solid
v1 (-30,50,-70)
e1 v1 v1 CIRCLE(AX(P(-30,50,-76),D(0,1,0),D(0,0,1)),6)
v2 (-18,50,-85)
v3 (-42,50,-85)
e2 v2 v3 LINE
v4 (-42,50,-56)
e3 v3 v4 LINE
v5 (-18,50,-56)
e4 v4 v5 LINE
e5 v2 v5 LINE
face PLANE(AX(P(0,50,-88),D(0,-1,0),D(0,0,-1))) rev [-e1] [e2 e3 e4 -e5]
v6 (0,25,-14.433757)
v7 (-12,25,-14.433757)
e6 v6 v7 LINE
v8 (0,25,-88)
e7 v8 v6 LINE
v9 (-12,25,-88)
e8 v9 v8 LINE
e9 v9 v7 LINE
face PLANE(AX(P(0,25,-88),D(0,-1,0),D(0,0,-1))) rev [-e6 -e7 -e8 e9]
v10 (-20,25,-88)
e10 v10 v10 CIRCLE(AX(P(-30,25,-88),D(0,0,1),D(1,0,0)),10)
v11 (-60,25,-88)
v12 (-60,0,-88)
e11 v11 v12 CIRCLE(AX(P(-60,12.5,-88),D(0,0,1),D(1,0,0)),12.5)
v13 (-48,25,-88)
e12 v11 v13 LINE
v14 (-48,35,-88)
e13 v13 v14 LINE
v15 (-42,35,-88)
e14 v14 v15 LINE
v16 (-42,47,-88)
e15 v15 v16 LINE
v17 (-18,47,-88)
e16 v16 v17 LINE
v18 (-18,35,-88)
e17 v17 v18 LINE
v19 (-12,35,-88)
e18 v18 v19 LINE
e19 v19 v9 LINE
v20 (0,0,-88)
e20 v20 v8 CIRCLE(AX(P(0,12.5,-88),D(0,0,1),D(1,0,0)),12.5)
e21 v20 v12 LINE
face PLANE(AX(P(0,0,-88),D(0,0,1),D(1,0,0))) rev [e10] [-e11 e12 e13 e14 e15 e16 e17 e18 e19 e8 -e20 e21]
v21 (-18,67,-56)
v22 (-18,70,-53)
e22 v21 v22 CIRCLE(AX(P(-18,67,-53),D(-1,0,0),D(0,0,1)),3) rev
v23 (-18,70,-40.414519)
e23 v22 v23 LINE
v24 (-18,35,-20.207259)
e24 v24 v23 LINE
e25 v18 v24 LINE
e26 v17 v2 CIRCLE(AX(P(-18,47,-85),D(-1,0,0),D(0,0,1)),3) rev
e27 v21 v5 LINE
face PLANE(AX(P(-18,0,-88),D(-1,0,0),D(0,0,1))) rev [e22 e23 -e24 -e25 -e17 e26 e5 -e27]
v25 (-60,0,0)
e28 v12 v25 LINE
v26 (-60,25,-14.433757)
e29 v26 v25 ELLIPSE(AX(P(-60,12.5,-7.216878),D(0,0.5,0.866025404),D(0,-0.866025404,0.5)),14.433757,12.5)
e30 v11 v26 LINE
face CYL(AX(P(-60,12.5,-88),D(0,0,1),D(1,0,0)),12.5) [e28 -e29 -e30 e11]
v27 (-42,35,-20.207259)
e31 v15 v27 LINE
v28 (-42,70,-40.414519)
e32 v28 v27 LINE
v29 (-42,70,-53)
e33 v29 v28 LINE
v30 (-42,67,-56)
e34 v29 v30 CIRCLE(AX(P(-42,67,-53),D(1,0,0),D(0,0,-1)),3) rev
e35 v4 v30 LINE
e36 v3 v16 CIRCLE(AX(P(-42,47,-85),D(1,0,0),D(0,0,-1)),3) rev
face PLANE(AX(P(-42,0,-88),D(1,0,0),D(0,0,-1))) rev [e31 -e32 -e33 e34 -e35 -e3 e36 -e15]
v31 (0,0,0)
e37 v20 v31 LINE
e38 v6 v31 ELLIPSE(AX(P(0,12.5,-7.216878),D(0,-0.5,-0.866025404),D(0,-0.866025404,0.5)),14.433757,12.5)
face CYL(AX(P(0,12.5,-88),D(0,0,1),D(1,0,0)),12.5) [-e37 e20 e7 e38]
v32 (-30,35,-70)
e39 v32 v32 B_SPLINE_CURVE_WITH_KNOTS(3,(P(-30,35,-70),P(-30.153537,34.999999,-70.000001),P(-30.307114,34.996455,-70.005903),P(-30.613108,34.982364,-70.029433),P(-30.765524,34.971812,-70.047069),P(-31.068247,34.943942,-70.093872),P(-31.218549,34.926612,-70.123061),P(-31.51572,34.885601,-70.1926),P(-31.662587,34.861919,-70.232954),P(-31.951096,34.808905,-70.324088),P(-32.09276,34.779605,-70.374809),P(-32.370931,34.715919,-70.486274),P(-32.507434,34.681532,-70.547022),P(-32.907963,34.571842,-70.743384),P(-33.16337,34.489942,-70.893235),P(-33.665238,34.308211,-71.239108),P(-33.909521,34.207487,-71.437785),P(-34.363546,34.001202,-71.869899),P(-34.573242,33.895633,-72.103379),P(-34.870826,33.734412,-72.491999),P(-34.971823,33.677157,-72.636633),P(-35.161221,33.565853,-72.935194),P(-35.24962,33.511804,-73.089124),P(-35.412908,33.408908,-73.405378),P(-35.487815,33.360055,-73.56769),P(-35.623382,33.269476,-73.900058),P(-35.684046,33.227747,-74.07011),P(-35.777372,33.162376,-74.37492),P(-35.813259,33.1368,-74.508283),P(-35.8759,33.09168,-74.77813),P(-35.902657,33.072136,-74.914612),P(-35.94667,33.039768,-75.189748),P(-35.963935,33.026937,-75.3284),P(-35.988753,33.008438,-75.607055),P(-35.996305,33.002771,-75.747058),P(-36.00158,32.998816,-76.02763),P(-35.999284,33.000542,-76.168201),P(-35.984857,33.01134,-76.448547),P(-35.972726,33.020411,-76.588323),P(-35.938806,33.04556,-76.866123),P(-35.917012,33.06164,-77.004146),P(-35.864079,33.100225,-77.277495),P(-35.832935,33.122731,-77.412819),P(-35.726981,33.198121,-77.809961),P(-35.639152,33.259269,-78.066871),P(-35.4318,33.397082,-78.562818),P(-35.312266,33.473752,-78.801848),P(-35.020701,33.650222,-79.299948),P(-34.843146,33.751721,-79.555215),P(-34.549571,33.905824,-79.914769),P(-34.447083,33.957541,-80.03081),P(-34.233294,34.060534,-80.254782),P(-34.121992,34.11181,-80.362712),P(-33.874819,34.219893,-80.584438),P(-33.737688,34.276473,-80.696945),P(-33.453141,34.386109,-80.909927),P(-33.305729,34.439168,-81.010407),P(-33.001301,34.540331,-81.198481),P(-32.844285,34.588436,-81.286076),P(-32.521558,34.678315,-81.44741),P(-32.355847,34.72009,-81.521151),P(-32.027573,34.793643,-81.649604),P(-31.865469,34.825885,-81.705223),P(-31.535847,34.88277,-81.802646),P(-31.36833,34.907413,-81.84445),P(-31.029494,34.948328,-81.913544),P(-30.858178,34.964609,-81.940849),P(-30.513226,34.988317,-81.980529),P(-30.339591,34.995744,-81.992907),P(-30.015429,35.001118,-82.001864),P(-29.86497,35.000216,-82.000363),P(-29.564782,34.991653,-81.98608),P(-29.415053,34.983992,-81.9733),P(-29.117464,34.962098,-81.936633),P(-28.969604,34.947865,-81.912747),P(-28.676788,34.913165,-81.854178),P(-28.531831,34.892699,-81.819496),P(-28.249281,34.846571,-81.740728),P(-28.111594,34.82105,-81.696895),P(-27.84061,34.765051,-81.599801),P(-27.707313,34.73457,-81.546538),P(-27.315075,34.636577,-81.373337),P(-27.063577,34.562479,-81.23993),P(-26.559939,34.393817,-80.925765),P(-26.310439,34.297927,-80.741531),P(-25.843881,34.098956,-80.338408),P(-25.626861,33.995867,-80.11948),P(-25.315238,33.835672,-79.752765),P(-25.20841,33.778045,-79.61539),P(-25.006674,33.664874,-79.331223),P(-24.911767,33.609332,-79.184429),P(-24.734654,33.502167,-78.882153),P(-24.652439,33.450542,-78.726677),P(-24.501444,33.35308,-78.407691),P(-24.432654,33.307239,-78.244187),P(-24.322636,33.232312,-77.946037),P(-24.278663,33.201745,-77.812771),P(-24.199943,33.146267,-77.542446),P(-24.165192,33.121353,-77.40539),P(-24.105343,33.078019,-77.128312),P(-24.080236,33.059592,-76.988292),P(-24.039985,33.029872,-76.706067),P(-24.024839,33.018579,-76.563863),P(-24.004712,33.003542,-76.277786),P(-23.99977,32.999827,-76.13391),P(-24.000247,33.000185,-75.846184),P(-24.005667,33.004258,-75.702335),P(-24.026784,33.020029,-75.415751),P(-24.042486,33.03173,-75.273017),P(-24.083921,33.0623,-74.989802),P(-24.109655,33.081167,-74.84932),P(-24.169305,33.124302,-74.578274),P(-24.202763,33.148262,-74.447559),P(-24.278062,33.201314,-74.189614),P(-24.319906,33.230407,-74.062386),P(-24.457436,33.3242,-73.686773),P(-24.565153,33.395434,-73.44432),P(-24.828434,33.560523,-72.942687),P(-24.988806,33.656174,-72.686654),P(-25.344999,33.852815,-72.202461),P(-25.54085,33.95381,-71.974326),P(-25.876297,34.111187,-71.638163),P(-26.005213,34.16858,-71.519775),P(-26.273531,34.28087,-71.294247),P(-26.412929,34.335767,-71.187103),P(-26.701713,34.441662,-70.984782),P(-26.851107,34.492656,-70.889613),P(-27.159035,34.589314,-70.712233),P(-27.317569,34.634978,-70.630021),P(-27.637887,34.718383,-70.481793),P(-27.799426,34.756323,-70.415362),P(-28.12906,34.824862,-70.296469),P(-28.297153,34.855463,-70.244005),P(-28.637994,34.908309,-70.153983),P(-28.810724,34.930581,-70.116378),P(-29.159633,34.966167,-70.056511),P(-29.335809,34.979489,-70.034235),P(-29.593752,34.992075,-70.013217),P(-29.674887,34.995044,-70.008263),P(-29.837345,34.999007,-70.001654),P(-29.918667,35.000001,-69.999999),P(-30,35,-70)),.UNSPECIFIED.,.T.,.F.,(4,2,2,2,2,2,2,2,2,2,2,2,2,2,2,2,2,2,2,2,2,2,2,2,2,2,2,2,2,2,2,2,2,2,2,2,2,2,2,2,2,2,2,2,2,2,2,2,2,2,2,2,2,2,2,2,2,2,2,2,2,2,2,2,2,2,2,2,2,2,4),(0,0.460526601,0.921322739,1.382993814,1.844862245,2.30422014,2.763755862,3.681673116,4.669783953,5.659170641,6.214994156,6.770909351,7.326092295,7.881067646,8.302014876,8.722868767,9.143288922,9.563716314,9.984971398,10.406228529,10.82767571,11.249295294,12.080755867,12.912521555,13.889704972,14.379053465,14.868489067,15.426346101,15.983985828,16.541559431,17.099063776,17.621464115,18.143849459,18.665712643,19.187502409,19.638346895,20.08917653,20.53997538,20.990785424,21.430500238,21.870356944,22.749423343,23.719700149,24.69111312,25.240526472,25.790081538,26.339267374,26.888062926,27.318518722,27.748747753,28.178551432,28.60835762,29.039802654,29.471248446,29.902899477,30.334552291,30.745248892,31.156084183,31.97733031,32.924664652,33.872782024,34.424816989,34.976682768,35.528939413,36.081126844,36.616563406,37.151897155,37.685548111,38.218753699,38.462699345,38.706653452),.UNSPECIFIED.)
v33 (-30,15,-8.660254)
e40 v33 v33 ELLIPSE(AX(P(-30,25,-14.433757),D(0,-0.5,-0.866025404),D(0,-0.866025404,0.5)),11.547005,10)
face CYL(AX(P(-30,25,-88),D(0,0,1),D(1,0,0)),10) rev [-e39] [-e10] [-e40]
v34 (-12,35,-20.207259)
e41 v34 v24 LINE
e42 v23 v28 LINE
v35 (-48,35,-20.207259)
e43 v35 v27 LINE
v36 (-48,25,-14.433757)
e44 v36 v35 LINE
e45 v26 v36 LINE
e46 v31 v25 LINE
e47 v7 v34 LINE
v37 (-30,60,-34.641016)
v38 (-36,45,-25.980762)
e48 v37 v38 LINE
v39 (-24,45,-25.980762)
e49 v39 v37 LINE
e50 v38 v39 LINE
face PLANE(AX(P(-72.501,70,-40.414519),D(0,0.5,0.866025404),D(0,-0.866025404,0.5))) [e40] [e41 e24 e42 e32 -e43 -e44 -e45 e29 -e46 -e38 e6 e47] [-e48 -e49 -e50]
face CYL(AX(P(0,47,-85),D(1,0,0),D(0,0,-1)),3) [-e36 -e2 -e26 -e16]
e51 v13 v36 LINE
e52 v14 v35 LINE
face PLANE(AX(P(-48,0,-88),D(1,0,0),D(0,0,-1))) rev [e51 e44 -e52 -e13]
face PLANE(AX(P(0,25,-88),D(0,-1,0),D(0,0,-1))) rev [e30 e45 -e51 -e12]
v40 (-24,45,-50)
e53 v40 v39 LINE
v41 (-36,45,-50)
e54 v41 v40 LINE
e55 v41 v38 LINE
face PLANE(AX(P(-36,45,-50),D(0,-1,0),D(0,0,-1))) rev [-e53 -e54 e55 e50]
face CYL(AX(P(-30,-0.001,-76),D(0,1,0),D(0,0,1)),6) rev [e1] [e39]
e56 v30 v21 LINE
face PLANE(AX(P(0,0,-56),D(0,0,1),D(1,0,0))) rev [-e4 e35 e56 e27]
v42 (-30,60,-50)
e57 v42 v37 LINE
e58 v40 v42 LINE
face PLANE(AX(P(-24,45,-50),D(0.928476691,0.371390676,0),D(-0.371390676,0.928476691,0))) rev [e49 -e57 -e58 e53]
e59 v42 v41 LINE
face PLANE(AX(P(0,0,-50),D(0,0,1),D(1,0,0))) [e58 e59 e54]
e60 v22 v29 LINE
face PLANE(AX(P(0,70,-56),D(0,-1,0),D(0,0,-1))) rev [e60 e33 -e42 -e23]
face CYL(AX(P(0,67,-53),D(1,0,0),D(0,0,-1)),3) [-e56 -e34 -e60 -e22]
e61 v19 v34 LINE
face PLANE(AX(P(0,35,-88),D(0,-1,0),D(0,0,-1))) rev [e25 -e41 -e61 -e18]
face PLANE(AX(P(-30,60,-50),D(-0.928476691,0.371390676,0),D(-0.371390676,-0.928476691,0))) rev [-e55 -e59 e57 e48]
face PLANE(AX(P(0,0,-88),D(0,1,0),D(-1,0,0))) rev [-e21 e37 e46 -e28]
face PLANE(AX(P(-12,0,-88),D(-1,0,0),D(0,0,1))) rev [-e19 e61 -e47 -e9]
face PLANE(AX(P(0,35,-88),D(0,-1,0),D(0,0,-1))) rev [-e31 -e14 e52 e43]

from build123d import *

# Parameters (mm, degrees)
ESBO_O1_R                         = 10
RESSALTO_EXTRUS_O1_DEPTH          = 88
ESBO_O1_6_W                       = 24
ESBO_O1_6_H                       = 20
RESSALTO_EXTRUS_O2_DEPTH          = 56
CORTE_EXTRUS_O1_REACH             = 126.957
CORTE_EXTRUS_O1_DIRECTION_2_REACH = 126.957
CORTE_EXTRUS_O2_DEPTH             = 50
CORTE_EXTRUS_O6_REACH             = 126.5
CORTE_EXTRUS_O6_END_RADIUS        = 10
ESBO_O3_R                         = 6
FILETE1_R                         = 3
FILETE2_R                         = 3


with BuildPart() as part:
    # Esboço1 → Ressalto-extrusão1 (new body)
    with BuildSketch(Plane.XY):
        with BuildLine():
            Line((-60, 25), (-48, 25))
            Line((-48, 25), (-48, 35))
            Line((-48, 35), (-42, 35))
            Line((-42, 35), (-42, 50))
            Line((-42, 50), (-18, 50))
            Line((-18, 50), (-18, 35))
            Line((-18, 35), (-12, 35))
            Line((-12, 35), (-12, 25))
            Line((-12, 25), (0, 25))
            ThreePointArc((0, 25), (12.5, 12.5), (0, 0))
            Line((0, 0), (-60, 0))
            ThreePointArc((-60, 0), (-72.5, 12.5), (-60, 25))
        make_face()
        with Locations((-30, 25)):
            Circle(ESBO_O1_R, mode=Mode.SUBTRACT)
    extrude(amount=-RESSALTO_EXTRUS_O1_DEPTH)

    # Esboço1<6> → Ressalto-extrusão2 (add)
    with BuildSketch(Plane.XY):
        with Locations((-30, 60)):
            Rectangle(ESBO_O1_6_W, ESBO_O1_6_H)
    extrude(amount=-RESSALTO_EXTRUS_O2_DEPTH)

    # Esboço2 → Corte-extrusão1 (cut, up to next)
    with BuildSketch(Plane.ZY.offset(42), mode=Mode.PRIVATE) as corte_extrus_o1_sk1:
        Polygon((-40.414518843, 70), (0, 0), (0, 70), align=None)
    corte_extrus_o1_tool1 = extrude(corte_extrus_o1_sk1.sketch, amount=-CORTE_EXTRUS_O1_REACH, mode=Mode.PRIVATE) & part.part
    add(corte_extrus_o1_tool1.solids().sort_by_distance((-42, 46.666667, -13.471506))[0], mode=Mode.SUBTRACT)

    # Esboço2 → Corte-extrusão1 direction 2 (cut, up to next)
    with BuildSketch(Plane.ZY.offset(42), mode=Mode.PRIVATE) as corte_extrus_o1_direction_2_sk1:
        Polygon((-40.414518843, 70), (0, 0), (0, 70), align=None)
    corte_extrus_o1_direction_2_tool1 = extrude(corte_extrus_o1_direction_2_sk1.sketch, amount=CORTE_EXTRUS_O1_DIRECTION_2_REACH, mode=Mode.PRIVATE) & part.part
    add(corte_extrus_o1_direction_2_tool1.solids().sort_by_distance((-42, 46.666667, -13.471506))[0], mode=Mode.SUBTRACT)

    # Esboço1<8> → Corte-extrusão2 (cut)
    with BuildSketch(Plane.XY):
        Polygon((-36, 45), (-24, 45), (-30, 60), align=None)
    extrude(amount=-CORTE_EXTRUS_O2_DEPTH, mode=Mode.SUBTRACT)

    # Corte-extrusão6: up to this cylinder (the profile starts outside it)
    corte_extrus_o6_end = Plane(origin=(-30, 25, -76), z_dir=(0, 0, 1)) * Cylinder(CORTE_EXTRUS_O6_END_RADIUS, 274, mode=Mode.PRIVATE)
    # Esboço3 → Corte-extrusão6 (cut, up to the surface)
    with BuildSketch(Plane(origin=(0, 50, 0), x_dir=(1, 0, 0), z_dir=(0, 1, 0)), mode=Mode.PRIVATE) as corte_extrus_o6_sk1:
        with Locations(Location((-30, 76, 0), (0, 0, 270))):
            Circle(ESBO_O3_R)
    corte_extrus_o6_tool1 = extrude(corte_extrus_o6_sk1.sketch, amount=-CORTE_EXTRUS_O6_REACH, mode=Mode.PRIVATE) - corte_extrus_o6_end
    add(corte_extrus_o6_tool1.solids().sort_by_distance((-30, 50, -76))[0], mode=Mode.SUBTRACT)

    # Filete1
    filete1_edges = [part.edges().sort_by_distance(p)[0] for p in [
        (-30, 70, -56),
    ]]
    fillet(filete1_edges, radius=FILETE1_R)

    # Filete2
    filete2_edges = [part.edges().sort_by_distance(p)[0] for p in [
        (-30, 50, -88),
    ]]
    fillet(filete2_edges, radius=FILETE2_R)


solid = part.part
